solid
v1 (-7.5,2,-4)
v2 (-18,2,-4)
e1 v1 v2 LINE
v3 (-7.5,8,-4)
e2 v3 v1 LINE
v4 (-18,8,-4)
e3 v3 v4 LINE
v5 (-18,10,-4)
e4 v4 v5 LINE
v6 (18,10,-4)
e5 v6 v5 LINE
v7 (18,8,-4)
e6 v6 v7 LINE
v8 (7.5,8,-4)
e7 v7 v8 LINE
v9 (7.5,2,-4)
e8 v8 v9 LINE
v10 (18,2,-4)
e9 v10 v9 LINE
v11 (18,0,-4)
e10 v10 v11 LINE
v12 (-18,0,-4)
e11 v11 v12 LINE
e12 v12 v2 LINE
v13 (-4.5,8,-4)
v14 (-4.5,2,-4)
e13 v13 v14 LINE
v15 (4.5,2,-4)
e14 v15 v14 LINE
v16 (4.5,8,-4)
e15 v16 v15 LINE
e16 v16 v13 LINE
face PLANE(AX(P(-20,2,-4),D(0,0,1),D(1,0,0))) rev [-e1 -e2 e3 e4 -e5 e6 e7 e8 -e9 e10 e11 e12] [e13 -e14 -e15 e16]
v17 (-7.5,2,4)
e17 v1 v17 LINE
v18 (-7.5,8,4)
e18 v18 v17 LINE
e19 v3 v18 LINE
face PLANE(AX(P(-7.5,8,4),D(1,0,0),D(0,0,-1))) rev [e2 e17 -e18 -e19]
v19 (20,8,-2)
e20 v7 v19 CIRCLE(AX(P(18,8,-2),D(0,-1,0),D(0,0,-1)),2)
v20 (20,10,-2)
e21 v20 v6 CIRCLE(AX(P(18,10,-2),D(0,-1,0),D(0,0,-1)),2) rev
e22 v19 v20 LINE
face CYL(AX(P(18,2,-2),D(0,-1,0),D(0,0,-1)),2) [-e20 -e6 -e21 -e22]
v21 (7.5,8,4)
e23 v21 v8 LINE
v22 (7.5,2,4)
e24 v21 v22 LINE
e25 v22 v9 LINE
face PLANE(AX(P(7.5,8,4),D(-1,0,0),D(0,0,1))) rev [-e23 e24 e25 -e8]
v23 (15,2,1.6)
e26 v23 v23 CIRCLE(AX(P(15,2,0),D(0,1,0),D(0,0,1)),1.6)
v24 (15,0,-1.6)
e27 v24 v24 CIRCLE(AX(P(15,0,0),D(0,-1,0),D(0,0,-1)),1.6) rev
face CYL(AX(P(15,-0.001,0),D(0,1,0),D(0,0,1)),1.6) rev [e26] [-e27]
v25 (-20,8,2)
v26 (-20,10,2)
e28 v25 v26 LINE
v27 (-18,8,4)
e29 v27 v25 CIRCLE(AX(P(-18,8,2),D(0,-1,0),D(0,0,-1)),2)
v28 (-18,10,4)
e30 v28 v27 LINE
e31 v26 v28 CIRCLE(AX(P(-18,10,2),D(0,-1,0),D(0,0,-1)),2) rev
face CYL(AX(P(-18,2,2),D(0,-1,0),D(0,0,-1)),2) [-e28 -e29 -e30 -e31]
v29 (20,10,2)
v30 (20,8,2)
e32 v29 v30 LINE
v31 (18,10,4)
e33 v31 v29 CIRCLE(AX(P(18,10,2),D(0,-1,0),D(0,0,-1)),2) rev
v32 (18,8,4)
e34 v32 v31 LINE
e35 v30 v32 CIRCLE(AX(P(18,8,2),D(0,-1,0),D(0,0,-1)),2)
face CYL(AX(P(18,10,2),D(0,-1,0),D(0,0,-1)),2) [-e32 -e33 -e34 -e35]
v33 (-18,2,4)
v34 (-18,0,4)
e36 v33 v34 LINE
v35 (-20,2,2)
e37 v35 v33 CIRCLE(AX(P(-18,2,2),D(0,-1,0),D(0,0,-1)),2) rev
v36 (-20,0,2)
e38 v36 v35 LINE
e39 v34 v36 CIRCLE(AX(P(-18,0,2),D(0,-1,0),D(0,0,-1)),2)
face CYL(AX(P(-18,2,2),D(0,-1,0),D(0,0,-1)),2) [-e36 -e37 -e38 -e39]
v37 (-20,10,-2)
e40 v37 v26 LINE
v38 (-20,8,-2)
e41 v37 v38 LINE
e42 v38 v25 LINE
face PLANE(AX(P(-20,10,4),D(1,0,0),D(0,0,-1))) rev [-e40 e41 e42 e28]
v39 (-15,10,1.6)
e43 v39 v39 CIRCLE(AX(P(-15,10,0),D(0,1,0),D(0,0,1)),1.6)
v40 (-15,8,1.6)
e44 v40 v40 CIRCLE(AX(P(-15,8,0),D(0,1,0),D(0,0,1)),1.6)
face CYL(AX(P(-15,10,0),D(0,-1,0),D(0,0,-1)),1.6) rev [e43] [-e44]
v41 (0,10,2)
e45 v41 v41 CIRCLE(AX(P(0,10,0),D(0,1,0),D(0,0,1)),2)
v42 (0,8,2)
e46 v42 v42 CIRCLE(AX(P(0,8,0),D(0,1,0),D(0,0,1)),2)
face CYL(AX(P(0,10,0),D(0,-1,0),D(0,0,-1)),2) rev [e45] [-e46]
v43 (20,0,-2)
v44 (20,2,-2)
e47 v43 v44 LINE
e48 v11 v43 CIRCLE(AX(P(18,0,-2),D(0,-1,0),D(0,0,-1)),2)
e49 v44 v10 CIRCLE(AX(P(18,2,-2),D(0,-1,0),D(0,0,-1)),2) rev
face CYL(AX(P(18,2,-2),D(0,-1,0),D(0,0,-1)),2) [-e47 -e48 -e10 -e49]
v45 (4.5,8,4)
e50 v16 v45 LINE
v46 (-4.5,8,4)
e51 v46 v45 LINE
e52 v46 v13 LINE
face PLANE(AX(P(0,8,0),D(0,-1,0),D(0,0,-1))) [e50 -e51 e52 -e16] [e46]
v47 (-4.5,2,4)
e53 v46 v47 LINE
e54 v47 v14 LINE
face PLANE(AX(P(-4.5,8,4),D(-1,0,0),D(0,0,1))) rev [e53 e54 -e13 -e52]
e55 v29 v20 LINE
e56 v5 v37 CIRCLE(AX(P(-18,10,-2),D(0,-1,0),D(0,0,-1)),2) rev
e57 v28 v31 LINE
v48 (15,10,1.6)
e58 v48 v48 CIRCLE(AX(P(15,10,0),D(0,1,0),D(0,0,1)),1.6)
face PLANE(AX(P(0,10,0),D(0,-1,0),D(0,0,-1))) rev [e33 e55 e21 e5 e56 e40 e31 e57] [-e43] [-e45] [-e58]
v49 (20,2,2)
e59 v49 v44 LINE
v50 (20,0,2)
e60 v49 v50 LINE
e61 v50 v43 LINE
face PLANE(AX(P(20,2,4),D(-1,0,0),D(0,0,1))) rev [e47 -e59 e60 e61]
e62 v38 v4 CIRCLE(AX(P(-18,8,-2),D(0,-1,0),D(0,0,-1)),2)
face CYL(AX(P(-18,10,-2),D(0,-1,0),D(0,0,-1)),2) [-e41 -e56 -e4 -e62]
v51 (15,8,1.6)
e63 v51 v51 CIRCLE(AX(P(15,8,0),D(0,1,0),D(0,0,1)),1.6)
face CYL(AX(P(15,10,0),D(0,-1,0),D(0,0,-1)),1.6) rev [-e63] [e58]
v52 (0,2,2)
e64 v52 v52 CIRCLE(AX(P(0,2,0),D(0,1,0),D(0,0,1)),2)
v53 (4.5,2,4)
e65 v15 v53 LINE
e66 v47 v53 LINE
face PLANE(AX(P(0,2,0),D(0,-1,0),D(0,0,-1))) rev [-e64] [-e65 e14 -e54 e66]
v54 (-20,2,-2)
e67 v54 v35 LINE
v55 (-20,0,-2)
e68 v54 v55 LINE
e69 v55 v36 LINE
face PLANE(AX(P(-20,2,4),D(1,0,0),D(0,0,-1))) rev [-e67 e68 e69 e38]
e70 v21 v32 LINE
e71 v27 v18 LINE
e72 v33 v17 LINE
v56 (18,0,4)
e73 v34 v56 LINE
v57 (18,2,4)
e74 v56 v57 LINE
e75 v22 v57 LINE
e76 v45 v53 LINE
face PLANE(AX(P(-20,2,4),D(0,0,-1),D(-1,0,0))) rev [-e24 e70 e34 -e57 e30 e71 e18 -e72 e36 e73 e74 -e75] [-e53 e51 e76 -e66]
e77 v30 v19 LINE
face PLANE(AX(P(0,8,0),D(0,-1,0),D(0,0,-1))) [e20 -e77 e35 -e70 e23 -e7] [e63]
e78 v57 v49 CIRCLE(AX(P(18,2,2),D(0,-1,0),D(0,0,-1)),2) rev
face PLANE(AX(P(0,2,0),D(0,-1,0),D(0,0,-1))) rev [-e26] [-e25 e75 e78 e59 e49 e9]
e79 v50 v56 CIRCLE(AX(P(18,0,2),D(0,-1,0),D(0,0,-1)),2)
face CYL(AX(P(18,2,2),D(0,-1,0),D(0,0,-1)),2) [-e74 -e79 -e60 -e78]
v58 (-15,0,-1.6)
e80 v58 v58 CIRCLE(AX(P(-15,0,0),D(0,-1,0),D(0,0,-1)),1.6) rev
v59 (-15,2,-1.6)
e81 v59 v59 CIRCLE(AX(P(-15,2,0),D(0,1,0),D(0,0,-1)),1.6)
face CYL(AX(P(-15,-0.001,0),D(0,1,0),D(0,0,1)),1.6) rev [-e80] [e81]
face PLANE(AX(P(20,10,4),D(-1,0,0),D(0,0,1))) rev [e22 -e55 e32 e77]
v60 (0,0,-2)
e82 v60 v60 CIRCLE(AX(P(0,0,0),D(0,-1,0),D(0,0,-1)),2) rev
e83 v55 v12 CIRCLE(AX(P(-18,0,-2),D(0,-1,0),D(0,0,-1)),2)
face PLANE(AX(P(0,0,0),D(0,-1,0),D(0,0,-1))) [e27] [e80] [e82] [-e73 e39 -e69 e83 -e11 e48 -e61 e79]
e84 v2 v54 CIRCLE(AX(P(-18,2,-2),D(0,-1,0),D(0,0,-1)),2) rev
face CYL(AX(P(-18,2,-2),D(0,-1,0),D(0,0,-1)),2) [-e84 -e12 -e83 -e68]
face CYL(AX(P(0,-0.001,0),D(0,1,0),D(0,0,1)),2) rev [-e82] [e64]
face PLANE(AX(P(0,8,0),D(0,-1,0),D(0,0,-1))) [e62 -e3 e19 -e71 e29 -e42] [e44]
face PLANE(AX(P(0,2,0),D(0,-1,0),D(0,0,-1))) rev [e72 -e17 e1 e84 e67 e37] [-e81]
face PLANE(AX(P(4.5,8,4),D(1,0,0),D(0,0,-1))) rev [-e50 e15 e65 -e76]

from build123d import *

# Parameters (mm, degrees)
SKETCH_1_W          = 40
SKETCH_1_H          = 8
EXTRUDE_1_DEPTH     = 2
CUT_EXTRUDE_1_REACH = 22.494
SKETCH_2_R          = 2
CUT_EXTRUDE_2_REACH = 22.494
SKETCH_3_R          = 1.6
SKETCH_4_W          = 3
SKETCH_4_H          = 8
EXTRUDE_2_DEPTH     = 6
EXTRUDE_START       = 2
SKETCH_5_W          = 40
SKETCH_5_H          = 8
SKETCH_5_R          = 1.6
SKETCH_5_R_2        = 2
EXTRUDE_3_DEPTH     = 2
FILLET_1_R          = 2


with BuildPart() as part:
    # 草图1 → 凸台-拉伸1 (new body)
    with BuildSketch(Plane(origin=(0, 0, 0), x_dir=(1, 0, 0), z_dir=(0, 1, 0))):
        Rectangle(SKETCH_1_W, SKETCH_1_H)
    extrude(amount=EXTRUDE_1_DEPTH)

    # 草图2 → 切除-拉伸1 (cut, up to next)
    with BuildSketch(Plane(origin=(0, 2, 0), x_dir=(1, 0, 0), z_dir=(0, 1, 0)), mode=Mode.PRIVATE) as cut_extrude_1_sk1:
        with Locations(Location((0, 0, 0), (0, 0, 270))):
            Circle(SKETCH_2_R)
    cut_extrude_1_tool1 = extrude(cut_extrude_1_sk1.sketch, amount=-CUT_EXTRUDE_1_REACH, mode=Mode.PRIVATE) & part.part
    add(cut_extrude_1_tool1.solids().sort_by_distance((0, 2, 0))[0], mode=Mode.SUBTRACT)

    # 草图3 → 切除-拉伸2 (cut, up to next)
    with BuildSketch(Plane(origin=(0, 2, 0), x_dir=(1, 0, 0), z_dir=(0, 1, 0)), mode=Mode.PRIVATE) as cut_extrude_2_sk1:
        with Locations(Location((15, 0, 0), (0, 0, 270))):
            Circle(SKETCH_3_R)
    cut_extrude_2_tool1 = extrude(cut_extrude_2_sk1.sketch, amount=-CUT_EXTRUDE_2_REACH, mode=Mode.PRIVATE) & part.part
    # 草图3 → 切除-拉伸2 (cut, up to next)
    with BuildSketch(Plane(origin=(0, 2, 0), x_dir=(1, 0, 0), z_dir=(0, 1, 0)), mode=Mode.PRIVATE) as cut_extrude_2_sk2:
        with Locations(Location((-15, 0, 0), (0, 0, 90))):
            Circle(SKETCH_3_R)
    cut_extrude_2_tool2 = extrude(cut_extrude_2_sk2.sketch, amount=-CUT_EXTRUDE_2_REACH, mode=Mode.PRIVATE) & part.part
    add(cut_extrude_2_tool1.solids().sort_by_distance((15, 2, 0))[0], mode=Mode.SUBTRACT)
    add(cut_extrude_2_tool2.solids().sort_by_distance((-15, 2, 0))[0], mode=Mode.SUBTRACT)

    # 草图4 → 凸台-拉伸2 (add)
    with BuildSketch(Plane(origin=(0, 2, 0), x_dir=(1, 0, 0), z_dir=(0, 1, 0))):
        with Locations((-6, 0)):
            Rectangle(SKETCH_4_W, SKETCH_4_H)
        with Locations((6, 0)):
            Rectangle(SKETCH_4_W, SKETCH_4_H)
    extrude(amount=EXTRUDE_2_DEPTH)

    # 草图5 → 凸台-拉伸3 (add)
    with BuildSketch(Plane(origin=(0, 8, 0), x_dir=(1, 0, 0), z_dir=(0, 1, 0)).offset(EXTRUDE_START)):
        Rectangle(SKETCH_5_W, SKETCH_5_H)
        with Locations(Location((15, 0, 0), (0, 0, 270))):
            Circle(SKETCH_5_R, mode=Mode.SUBTRACT)
        with Locations(Location((0, 0, 0), (0, 0, 270))):
            Circle(SKETCH_5_R_2, mode=Mode.SUBTRACT)
        with Locations(Location((-15, 0, 0), (0, 0, 90))):
            Circle(SKETCH_5_R, mode=Mode.SUBTRACT)
    extrude(amount=-EXTRUDE_3_DEPTH)

    # 圆角1
    fillet_1_edges = [part.edges().sort_by_distance(p)[0] for p in [
        (20, 9, 4),
        (20, 9, -4),
        (-20, 9, -4),
        (-20, 9, 4),
        (20, 1, 4),
        (-20, 1, 4),
        (-20, 1, -4),
        (20, 1, -4),
    ]]
    fillet(fillet_1_edges, radius=FILLET_1_R)


solid = part.part
